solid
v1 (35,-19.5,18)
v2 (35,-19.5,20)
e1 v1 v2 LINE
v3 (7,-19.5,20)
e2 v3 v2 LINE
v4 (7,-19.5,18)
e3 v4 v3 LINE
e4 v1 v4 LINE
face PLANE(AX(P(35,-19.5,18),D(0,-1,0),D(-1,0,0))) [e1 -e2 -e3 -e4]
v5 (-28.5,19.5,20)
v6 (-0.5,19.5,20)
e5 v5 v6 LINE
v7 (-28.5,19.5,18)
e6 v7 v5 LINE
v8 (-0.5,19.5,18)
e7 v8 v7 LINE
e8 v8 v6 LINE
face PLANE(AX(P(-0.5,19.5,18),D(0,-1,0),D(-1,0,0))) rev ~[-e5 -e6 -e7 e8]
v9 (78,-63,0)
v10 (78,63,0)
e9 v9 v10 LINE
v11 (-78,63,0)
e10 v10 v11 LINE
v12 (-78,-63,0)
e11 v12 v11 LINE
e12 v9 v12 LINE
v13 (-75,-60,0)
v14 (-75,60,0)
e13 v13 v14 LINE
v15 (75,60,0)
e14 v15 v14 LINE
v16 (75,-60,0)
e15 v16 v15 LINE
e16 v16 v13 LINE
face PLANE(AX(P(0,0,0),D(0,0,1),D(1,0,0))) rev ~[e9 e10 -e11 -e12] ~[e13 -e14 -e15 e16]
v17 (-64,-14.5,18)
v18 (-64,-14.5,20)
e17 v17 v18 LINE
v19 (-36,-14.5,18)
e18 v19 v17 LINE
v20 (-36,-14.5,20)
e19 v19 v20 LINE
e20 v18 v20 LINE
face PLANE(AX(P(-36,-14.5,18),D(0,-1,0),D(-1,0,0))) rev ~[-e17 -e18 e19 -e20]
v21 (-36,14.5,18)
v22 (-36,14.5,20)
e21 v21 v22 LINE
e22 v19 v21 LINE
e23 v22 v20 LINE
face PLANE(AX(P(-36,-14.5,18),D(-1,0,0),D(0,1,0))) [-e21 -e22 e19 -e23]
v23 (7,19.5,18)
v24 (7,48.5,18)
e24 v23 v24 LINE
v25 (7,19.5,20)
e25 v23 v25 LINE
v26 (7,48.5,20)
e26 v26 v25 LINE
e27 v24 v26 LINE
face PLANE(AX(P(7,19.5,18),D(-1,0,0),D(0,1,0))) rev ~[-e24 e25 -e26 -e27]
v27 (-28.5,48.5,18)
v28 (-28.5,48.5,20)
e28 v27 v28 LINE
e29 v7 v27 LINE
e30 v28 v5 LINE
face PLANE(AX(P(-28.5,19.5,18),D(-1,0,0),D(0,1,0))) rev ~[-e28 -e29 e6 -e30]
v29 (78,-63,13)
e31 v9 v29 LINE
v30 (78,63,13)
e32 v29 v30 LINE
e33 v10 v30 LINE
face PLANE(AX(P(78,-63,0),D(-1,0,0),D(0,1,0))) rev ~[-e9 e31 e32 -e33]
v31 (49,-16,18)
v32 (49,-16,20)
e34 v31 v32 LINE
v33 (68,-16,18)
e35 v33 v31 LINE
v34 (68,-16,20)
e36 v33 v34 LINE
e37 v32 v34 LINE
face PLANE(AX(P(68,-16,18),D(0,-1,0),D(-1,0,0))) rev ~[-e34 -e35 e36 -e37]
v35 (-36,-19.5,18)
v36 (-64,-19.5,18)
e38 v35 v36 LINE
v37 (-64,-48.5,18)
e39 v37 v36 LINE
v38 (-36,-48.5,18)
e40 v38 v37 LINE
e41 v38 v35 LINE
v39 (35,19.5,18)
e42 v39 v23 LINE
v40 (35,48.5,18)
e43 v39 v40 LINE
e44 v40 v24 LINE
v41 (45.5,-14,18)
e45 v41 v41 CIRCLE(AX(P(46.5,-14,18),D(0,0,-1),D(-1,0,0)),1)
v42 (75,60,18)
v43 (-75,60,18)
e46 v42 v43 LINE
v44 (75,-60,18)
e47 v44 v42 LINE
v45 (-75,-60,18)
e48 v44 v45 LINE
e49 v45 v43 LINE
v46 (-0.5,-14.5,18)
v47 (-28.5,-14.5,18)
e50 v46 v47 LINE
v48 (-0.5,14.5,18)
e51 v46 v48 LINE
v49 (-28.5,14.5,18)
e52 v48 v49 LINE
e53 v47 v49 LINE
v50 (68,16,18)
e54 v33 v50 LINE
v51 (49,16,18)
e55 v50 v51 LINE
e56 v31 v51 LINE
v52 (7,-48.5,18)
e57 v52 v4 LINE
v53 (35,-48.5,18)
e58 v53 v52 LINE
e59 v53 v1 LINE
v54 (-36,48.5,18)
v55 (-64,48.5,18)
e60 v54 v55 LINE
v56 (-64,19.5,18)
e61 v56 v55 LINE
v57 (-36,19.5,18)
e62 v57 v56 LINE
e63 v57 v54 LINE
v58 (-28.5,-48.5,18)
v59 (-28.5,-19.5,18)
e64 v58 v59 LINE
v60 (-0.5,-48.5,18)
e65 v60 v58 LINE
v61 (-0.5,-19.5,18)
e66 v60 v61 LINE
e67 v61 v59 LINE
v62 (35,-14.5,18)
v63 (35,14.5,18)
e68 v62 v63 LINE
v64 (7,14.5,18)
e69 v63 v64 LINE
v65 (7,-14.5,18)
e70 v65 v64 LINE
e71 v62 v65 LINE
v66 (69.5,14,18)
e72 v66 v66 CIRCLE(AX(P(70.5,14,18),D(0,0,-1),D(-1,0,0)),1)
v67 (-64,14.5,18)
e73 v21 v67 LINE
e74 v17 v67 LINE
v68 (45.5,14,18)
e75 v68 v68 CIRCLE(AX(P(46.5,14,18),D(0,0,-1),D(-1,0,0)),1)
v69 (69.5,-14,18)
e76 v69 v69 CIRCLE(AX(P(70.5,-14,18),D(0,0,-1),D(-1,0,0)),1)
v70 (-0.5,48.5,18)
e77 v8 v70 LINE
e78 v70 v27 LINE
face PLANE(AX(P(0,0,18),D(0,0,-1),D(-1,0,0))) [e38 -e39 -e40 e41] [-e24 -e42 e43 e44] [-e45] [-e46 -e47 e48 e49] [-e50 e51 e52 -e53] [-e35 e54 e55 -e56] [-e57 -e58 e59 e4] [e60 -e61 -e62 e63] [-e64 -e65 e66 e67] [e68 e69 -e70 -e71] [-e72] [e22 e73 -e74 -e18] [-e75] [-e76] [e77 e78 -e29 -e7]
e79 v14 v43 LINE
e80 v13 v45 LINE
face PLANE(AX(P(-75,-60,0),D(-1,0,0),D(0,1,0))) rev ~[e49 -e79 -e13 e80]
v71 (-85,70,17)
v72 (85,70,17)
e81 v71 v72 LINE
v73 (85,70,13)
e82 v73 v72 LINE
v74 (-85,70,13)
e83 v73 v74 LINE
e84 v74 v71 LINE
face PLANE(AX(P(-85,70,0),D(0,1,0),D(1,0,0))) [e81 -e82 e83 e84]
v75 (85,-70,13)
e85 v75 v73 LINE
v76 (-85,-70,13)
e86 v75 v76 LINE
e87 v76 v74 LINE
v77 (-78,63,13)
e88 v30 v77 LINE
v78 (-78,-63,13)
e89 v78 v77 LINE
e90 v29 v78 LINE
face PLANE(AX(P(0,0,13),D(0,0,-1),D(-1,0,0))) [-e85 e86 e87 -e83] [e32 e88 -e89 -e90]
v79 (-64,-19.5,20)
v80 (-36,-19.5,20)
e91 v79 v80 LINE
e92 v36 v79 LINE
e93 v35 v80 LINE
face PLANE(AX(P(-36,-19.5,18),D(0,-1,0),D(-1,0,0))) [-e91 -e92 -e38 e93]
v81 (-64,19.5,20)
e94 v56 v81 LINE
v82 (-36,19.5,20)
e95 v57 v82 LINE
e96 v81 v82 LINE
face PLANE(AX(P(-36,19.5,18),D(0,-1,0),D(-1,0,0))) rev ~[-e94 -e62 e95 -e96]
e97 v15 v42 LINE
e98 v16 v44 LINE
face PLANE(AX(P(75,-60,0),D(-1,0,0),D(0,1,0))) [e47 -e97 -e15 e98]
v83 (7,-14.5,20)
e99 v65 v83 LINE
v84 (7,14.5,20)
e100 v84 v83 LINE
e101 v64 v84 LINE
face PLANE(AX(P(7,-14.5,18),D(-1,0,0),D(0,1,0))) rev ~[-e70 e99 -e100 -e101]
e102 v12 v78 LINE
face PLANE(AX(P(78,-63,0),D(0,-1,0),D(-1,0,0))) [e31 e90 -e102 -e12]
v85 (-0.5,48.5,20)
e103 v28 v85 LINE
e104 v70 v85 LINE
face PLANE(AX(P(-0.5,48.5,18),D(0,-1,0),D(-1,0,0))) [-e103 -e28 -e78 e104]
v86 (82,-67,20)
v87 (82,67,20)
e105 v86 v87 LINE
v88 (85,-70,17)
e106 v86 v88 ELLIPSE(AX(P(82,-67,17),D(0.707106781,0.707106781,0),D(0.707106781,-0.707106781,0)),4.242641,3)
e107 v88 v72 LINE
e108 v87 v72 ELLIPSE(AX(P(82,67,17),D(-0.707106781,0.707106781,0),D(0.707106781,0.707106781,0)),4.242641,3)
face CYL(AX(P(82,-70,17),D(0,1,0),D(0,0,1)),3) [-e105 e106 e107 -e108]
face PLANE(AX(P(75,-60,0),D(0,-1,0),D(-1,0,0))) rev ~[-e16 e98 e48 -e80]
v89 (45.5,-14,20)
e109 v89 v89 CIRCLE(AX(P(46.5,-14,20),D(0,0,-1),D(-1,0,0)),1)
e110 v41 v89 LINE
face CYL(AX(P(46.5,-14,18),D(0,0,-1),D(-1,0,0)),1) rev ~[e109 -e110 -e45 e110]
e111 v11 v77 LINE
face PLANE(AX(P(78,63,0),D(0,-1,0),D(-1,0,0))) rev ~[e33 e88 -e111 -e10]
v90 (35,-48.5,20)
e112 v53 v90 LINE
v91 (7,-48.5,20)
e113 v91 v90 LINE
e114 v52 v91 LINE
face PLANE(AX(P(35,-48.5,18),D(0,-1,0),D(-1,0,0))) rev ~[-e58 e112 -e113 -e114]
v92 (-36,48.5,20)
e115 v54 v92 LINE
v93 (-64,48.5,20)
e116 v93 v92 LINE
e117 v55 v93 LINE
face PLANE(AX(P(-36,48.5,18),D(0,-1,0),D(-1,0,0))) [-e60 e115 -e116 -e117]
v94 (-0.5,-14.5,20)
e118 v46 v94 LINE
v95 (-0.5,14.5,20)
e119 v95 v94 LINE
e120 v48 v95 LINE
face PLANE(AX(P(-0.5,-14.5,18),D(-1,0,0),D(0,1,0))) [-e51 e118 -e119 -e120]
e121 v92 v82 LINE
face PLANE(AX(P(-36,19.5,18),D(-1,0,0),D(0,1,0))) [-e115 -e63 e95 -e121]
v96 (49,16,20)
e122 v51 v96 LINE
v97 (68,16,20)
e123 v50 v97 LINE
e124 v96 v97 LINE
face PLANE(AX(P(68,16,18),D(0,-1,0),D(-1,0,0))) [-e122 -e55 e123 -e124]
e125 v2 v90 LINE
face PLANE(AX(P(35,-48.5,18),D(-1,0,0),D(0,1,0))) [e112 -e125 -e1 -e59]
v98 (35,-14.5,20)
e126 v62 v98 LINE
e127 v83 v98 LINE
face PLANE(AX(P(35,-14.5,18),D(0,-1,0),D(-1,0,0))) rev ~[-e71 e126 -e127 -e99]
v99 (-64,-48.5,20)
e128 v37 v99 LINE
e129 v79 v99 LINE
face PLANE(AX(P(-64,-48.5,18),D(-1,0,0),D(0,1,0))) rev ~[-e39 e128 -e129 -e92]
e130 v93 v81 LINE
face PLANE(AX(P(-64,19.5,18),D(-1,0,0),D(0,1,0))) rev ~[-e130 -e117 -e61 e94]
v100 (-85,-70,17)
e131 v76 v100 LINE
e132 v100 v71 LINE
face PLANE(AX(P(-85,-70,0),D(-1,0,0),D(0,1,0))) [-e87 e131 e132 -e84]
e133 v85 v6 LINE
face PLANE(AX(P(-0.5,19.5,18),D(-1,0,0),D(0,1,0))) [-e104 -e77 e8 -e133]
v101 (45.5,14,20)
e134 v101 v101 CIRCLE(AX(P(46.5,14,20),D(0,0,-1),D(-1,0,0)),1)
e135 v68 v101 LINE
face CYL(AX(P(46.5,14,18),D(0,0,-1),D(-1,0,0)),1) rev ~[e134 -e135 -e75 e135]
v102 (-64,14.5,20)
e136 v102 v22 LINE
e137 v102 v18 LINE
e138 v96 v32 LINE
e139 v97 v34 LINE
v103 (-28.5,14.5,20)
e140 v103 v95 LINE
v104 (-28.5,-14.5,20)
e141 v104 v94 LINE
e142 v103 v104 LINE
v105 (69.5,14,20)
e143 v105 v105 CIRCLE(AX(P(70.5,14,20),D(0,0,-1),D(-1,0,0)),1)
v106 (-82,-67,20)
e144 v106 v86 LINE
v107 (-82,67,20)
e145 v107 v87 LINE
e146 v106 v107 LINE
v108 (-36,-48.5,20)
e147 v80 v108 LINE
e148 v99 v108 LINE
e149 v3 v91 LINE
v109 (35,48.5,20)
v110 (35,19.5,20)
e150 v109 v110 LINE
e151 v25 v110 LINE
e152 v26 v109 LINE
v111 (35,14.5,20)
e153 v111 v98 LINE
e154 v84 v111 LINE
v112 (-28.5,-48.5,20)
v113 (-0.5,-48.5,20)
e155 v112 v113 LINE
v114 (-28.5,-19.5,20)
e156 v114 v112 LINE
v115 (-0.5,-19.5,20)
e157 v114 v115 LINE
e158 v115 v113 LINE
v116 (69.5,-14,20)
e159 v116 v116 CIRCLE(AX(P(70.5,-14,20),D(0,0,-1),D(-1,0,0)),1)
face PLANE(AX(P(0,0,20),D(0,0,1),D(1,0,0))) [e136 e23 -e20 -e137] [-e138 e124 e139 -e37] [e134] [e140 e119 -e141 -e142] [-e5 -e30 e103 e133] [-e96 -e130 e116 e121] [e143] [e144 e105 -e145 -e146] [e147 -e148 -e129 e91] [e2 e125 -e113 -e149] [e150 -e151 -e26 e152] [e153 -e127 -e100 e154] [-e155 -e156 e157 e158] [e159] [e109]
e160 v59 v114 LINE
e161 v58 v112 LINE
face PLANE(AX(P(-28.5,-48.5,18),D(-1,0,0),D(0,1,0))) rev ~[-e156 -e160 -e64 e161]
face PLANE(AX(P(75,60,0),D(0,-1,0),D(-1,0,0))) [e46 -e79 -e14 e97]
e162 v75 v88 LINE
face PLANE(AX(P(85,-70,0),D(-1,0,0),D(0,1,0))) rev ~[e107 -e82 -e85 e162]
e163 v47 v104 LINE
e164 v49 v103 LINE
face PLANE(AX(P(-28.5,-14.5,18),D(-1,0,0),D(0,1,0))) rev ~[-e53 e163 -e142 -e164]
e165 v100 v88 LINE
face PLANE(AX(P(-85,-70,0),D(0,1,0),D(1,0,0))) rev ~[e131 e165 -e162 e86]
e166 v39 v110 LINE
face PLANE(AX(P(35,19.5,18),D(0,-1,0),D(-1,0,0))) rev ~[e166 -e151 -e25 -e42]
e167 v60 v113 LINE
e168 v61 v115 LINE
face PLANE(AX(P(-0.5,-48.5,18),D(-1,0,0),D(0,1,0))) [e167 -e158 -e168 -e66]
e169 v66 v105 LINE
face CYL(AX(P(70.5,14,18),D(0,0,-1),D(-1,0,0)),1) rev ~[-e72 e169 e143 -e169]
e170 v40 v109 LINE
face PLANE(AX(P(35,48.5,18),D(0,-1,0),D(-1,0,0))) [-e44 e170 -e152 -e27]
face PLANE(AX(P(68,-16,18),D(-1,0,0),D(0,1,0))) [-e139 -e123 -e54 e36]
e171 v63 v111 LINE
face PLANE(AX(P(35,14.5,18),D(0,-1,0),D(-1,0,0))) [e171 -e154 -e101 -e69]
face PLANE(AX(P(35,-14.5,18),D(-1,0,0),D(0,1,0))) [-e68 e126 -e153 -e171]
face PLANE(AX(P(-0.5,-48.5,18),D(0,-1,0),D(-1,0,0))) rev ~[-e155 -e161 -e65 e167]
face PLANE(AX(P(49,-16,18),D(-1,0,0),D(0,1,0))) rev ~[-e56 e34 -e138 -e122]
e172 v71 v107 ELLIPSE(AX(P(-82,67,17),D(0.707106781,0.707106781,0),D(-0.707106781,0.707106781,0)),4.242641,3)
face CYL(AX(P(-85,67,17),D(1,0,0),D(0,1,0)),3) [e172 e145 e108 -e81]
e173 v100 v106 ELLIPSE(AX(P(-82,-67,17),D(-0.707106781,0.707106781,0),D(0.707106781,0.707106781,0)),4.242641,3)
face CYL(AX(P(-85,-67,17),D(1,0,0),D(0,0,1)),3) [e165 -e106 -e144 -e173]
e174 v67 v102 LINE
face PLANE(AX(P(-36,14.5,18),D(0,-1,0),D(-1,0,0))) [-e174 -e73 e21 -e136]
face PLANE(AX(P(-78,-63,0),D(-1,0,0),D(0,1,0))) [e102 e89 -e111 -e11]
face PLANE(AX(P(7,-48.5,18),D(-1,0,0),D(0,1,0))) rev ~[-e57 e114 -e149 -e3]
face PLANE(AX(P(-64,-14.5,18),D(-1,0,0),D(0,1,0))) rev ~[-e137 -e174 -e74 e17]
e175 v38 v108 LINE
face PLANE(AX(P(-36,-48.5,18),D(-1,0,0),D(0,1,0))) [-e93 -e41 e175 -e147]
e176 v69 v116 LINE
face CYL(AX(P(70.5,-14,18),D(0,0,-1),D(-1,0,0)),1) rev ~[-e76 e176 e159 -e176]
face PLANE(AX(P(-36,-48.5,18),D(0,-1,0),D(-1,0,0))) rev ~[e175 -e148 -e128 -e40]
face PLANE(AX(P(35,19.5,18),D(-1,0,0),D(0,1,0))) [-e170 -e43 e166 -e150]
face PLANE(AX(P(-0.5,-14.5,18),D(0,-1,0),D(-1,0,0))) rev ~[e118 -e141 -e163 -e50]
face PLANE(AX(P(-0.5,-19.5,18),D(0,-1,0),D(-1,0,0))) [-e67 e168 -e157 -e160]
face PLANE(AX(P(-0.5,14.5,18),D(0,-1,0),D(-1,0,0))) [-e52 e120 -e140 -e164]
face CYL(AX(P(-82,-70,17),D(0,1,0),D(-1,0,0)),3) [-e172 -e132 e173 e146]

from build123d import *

# Parameters (mm, degrees)
CROQUIS1_W              = 170
CROQUIS1_H              = 140
SALIENTE_EXTRUIR1_DEPTH = 20
CROQUIS2_W              = 170
CROQUIS2_H              = 140
CROQUIS2_W_2            = 156
CROQUIS2_H_2            = 126
CORTAR_EXTRUIR1_DEPTH   = 13
CROQUIS3_W              = 150
CROQUIS3_H              = 120
CORTAR_EXTRUIR2_DEPTH   = 18
CROQUIS4_R              = 1
CROQUIS4_W              = 28
CROQUIS4_H              = 29
CROQUIS4_W_2            = 19
CROQUIS4_H_2            = 32
CORTAR_EXTRUIR3_DEPTH   = 18
REDONDEO1_R             = 3


with BuildPart() as part:
    # Croquis1 → Saliente-Extruir1 (new body)
    with BuildSketch(Plane.XY):
        Rectangle(CROQUIS1_W, CROQUIS1_H)
    extrude(amount=SALIENTE_EXTRUIR1_DEPTH)

    # Croquis2 → Cortar-Extruir1 (cut)
    with BuildSketch(Plane(origin=(0, 0, 0), x_dir=(-1, 0, 0), z_dir=(0, 0, -1))):
        Rectangle(CROQUIS2_W, CROQUIS2_H)
        Rectangle(CROQUIS2_W_2, CROQUIS2_H_2, mode=Mode.SUBTRACT)
    extrude(amount=-CORTAR_EXTRUIR1_DEPTH, mode=Mode.SUBTRACT)

    # Croquis3 → Cortar-Extruir2 (cut)
    with BuildSketch(Plane(origin=(0, 0, 0), x_dir=(-1, 0, 0), z_dir=(0, 0, -1))):
        Rectangle(CROQUIS3_W, CROQUIS3_H)
    extrude(amount=-CORTAR_EXTRUIR2_DEPTH, mode=Mode.SUBTRACT)

    # Croquis4 → Cortar-Extruir3 (cut)
    with BuildSketch(Plane(origin=(0, 0, 18), x_dir=(-1, 0, 0), z_dir=(0, 0, -1))):
        with Locations((-46.5, -14)):
            Circle(CROQUIS4_R)
        with Locations((-46.5, 14)):
            Circle(CROQUIS4_R)
        with Locations((-70.5, -14)):
            Circle(CROQUIS4_R)
        with Locations((-70.5, 14)):
            Circle(CROQUIS4_R)
        with Locations((50, -34)):
            Rectangle(CROQUIS4_W, CROQUIS4_H)
        with Locations((50, 0)):
            Rectangle(CROQUIS4_W, CROQUIS4_H)
        with Locations((50, 34)):
            Rectangle(CROQUIS4_W, CROQUIS4_H)
        with Locations((14.5, 0)):
            Rectangle(CROQUIS4_W, CROQUIS4_H)
        with Locations((14.5, -34)):
            Rectangle(CROQUIS4_W, CROQUIS4_H)
        with Locations((-21, -34)):
            Rectangle(CROQUIS4_W, CROQUIS4_H)
        with Locations((14.5, 34)):
            Rectangle(CROQUIS4_W, CROQUIS4_H)
        with Locations((-21, 0)):
            Rectangle(CROQUIS4_W, CROQUIS4_H)
        with Locations((-21, 34)):
            Rectangle(CROQUIS4_W, CROQUIS4_H)
        with Locations((-58.5, 0)):
            Rectangle(CROQUIS4_W_2, CROQUIS4_H_2)
    extrude(amount=-CORTAR_EXTRUIR3_DEPTH, mode=Mode.SUBTRACT)

    # Redondeo1
    redondeo1_edges = [part.edges().sort_by_distance(p)[0] for p in [
        (-85, 0, 20),
        (0, -70, 20),
        (85, 0, 20),
        (0, 70, 20),
    ]]
    fillet(redondeo1_edges, radius=REDONDEO1_R)


solid = part.part
